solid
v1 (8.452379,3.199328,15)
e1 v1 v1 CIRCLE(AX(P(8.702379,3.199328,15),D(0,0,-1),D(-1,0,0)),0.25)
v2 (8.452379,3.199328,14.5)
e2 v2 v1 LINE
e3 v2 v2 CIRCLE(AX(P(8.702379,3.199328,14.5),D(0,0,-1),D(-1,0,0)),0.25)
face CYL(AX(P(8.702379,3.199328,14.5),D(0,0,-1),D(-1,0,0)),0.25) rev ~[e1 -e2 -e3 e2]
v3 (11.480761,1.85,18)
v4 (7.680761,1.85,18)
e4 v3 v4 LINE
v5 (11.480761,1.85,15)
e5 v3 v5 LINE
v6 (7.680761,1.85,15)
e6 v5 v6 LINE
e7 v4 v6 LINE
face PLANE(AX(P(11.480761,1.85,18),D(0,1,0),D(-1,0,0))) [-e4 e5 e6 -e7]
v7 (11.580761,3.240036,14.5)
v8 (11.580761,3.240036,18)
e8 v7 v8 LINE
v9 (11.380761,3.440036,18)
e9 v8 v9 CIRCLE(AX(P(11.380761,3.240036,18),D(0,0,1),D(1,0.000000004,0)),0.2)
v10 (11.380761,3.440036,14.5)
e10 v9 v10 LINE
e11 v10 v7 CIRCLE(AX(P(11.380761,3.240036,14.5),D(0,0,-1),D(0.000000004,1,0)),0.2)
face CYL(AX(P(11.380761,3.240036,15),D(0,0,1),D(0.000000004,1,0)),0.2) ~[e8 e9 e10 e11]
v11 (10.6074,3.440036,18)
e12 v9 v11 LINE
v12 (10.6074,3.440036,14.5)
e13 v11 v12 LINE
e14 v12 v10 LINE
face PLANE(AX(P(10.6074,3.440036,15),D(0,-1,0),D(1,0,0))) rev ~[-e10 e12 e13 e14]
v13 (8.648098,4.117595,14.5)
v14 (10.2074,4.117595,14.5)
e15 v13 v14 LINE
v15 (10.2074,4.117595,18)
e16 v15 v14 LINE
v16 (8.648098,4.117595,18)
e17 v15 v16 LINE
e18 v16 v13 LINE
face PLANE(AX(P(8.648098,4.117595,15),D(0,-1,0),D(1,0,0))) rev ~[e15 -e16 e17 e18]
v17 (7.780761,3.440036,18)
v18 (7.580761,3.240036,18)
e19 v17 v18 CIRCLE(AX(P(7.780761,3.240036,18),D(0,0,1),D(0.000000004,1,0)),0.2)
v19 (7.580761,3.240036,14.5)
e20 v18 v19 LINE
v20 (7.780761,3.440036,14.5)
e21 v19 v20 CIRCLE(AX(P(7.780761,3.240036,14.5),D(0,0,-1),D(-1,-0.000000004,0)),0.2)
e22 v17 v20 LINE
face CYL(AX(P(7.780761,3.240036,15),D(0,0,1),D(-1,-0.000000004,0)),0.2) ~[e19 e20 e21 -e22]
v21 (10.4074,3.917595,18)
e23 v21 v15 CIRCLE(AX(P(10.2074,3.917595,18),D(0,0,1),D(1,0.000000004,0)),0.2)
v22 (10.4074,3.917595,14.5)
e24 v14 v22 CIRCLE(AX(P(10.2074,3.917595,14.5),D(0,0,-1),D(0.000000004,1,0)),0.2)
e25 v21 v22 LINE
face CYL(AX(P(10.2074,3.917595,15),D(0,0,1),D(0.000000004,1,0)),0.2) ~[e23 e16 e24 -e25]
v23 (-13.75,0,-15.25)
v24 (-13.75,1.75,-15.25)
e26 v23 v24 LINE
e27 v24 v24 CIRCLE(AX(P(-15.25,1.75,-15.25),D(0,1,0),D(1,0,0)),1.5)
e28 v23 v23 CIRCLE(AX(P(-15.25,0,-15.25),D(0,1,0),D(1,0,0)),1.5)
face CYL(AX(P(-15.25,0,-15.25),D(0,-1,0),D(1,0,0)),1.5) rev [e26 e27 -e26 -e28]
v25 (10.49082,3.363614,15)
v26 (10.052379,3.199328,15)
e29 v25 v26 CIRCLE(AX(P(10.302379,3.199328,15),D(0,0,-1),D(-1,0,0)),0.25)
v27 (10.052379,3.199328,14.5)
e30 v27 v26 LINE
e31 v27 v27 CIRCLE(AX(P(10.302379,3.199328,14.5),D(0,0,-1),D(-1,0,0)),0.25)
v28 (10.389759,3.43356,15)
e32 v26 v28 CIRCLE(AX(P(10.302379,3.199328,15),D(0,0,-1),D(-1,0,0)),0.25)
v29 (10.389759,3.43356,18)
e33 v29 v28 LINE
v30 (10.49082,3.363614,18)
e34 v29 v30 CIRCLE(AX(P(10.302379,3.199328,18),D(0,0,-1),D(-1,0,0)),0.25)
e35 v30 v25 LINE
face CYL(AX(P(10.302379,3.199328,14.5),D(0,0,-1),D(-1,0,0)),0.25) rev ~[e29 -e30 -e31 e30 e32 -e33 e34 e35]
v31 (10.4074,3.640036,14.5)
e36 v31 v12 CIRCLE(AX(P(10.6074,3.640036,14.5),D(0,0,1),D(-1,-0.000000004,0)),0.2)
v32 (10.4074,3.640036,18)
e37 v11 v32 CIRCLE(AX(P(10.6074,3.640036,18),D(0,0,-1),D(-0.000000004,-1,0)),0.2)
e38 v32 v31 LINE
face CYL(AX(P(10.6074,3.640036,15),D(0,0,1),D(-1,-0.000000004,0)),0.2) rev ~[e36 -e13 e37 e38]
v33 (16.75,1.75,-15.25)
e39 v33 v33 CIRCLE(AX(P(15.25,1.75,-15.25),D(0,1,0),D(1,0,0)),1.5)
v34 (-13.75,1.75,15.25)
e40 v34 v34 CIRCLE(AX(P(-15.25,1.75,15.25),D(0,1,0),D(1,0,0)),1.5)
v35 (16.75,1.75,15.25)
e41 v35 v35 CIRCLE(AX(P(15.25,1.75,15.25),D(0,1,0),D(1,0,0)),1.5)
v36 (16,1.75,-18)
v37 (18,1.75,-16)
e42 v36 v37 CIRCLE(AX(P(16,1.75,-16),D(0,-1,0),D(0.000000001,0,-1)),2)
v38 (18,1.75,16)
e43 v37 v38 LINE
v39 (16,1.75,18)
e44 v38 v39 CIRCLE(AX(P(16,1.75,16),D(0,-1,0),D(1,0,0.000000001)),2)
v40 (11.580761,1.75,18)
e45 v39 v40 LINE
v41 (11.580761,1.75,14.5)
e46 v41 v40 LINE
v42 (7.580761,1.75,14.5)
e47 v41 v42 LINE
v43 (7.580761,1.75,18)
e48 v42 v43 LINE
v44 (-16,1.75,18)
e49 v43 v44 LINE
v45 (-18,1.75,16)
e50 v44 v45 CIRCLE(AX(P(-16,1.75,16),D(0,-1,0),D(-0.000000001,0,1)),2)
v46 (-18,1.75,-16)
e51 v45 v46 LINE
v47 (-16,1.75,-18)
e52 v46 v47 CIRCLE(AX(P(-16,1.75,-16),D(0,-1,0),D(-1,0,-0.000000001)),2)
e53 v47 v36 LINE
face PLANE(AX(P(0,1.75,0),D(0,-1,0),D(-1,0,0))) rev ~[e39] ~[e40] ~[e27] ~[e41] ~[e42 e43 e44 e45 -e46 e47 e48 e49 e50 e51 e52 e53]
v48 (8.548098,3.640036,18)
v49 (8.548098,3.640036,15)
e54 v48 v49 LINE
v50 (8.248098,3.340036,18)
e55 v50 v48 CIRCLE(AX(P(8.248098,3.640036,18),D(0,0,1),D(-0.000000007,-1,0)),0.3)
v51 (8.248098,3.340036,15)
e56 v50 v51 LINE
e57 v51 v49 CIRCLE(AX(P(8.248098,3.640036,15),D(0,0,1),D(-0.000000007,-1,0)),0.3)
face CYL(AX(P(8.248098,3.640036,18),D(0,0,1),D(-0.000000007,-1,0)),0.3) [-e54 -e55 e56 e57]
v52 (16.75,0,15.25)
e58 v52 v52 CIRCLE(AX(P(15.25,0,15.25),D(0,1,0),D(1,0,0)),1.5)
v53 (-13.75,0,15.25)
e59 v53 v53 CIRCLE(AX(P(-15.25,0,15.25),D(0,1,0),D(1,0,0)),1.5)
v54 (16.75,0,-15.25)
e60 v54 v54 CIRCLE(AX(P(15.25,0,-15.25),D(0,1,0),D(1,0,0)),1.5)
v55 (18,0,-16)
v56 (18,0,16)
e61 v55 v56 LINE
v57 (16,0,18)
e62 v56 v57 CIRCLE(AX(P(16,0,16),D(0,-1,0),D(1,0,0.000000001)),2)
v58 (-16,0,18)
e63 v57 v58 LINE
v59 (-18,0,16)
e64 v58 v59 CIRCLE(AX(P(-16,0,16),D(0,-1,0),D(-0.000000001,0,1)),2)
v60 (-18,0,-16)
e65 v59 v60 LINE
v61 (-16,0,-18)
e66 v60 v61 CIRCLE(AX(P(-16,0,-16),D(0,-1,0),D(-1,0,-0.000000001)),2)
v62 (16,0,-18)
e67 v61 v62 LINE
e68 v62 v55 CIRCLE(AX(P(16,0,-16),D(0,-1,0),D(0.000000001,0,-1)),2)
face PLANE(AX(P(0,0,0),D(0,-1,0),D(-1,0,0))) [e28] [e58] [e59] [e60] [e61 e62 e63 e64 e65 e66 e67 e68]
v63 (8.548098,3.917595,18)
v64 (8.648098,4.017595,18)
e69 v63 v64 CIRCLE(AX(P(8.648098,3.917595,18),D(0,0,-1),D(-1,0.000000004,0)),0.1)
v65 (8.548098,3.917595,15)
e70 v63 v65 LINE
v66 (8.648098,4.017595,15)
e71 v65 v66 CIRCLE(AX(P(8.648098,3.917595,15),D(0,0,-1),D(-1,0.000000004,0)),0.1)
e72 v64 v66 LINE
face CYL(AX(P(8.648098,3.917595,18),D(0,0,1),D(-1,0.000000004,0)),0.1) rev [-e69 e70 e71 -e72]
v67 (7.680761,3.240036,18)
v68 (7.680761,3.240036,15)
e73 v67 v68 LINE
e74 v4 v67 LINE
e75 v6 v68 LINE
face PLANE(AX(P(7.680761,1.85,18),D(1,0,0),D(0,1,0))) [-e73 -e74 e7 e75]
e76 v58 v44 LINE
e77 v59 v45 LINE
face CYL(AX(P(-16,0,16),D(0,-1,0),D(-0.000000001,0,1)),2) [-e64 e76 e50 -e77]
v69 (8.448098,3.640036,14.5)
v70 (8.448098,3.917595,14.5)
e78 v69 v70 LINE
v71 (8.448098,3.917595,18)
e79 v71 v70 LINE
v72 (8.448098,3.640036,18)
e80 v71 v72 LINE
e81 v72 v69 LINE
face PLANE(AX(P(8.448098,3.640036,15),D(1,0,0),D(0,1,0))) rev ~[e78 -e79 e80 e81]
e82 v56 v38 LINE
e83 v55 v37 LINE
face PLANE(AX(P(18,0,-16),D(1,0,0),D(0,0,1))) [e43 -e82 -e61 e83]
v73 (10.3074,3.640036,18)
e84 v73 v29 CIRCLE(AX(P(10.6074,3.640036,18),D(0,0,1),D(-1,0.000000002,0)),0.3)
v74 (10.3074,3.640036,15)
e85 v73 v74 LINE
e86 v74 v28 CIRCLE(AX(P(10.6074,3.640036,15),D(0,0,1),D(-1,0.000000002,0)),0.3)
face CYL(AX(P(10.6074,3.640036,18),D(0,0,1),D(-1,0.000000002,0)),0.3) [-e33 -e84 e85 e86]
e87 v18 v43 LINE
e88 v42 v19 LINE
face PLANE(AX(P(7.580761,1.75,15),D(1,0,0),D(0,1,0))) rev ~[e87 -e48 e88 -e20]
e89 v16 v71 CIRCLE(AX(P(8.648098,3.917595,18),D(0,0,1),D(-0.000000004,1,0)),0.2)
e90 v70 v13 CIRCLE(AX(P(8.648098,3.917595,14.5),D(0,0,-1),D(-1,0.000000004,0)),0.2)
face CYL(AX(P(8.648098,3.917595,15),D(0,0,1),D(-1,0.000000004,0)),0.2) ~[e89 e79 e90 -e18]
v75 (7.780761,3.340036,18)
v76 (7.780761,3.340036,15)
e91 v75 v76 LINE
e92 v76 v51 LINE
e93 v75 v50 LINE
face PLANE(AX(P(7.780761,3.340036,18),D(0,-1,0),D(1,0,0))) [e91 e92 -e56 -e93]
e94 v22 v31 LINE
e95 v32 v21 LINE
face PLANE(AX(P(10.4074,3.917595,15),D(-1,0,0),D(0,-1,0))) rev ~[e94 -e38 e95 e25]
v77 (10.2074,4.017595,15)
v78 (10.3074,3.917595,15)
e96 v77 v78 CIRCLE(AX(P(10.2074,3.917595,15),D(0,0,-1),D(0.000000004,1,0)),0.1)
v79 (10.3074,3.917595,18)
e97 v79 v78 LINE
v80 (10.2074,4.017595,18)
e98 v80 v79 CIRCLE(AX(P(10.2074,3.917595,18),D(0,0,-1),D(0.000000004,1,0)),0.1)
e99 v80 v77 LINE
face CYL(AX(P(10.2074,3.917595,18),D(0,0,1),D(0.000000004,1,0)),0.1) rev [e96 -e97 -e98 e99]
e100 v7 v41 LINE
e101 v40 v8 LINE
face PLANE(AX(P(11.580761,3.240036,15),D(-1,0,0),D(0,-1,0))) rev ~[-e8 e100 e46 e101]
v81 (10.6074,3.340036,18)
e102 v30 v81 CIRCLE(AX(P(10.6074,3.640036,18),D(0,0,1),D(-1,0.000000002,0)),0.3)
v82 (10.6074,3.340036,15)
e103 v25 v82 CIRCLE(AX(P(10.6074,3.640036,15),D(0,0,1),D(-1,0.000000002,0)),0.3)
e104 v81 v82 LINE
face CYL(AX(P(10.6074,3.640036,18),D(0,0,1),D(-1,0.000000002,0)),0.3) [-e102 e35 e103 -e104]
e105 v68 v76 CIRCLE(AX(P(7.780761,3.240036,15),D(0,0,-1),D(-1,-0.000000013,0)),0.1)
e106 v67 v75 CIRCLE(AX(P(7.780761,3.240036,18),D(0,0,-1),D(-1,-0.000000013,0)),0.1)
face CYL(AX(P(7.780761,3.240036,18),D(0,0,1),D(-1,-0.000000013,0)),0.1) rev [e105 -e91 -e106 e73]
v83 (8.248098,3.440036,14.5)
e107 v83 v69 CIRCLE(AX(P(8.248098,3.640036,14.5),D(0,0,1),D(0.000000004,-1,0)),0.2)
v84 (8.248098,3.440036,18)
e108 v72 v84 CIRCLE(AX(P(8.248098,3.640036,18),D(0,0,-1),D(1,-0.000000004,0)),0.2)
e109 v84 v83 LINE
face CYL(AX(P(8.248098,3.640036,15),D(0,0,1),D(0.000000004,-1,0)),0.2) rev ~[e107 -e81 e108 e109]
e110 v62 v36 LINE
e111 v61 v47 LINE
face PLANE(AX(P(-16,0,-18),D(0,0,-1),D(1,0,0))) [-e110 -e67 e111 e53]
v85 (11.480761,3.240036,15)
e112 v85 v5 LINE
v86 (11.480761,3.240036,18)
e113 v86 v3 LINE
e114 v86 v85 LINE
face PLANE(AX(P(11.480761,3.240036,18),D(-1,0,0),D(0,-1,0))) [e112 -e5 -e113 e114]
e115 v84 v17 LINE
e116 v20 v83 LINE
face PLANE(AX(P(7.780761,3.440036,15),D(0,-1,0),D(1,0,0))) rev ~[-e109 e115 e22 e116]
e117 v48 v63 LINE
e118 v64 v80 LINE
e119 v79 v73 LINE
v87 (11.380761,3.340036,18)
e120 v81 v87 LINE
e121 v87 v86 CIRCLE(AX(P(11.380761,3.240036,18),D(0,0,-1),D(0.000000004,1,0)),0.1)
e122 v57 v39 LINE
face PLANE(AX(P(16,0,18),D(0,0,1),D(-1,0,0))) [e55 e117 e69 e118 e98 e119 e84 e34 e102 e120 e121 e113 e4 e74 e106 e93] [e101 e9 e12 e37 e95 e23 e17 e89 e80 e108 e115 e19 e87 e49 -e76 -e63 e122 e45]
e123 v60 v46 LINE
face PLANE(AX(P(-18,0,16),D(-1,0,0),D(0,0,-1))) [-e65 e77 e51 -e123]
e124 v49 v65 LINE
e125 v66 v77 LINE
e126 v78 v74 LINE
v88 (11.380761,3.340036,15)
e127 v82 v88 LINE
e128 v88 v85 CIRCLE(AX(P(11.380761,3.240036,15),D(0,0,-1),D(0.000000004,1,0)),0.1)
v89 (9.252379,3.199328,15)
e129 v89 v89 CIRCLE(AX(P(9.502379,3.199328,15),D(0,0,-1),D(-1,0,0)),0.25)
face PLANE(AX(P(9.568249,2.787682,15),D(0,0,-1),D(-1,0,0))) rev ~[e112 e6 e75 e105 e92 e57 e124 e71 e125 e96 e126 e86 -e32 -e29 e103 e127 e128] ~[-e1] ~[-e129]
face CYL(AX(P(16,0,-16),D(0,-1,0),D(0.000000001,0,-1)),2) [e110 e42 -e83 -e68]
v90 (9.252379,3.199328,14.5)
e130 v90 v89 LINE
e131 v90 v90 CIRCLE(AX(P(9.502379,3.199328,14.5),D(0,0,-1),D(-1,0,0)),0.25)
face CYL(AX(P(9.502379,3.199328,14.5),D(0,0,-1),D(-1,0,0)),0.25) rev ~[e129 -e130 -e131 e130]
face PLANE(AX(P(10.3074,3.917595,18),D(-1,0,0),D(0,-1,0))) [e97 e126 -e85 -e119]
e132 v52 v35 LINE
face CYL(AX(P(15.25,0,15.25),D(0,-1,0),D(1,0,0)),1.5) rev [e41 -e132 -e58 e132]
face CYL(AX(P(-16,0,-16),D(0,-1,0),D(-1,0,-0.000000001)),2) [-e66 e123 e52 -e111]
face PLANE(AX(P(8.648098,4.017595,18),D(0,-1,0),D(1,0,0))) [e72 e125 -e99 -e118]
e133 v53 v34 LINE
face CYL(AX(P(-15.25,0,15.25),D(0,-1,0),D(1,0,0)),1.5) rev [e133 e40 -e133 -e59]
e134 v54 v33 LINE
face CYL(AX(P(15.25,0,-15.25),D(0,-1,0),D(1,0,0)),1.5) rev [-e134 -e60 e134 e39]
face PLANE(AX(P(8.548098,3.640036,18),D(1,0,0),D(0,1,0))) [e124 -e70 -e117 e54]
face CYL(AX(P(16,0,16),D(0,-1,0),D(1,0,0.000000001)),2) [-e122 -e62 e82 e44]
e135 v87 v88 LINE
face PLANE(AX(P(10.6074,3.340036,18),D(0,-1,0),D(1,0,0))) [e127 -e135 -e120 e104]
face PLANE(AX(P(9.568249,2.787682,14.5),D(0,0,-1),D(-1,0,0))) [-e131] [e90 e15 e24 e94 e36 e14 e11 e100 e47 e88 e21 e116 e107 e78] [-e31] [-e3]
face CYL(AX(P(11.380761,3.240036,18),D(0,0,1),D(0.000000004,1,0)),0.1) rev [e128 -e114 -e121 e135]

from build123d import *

# Parameters (mm, degrees)
SKETCH1_R           = 1.5
BOSS_EXTRUDE1_DEPTH = 1.75
BOSS_EXTRUDE4_DEPTH = 3
BOSS_EXTRUDE5_DEPTH = 0.5
CUT_EXTRUDE1_REACH  = 5.5
SKETCH7_R           = 0.25


with BuildPart() as part:
    # Sketch1 → Boss-Extrude1 (new body)
    with BuildSketch(Plane(origin=(0, 0, 0), x_dir=(1, 0, 0), z_dir=(0, 1, 0))):
        with BuildLine():
            Line((-16, 18), (16, 18))
            ThreePointArc((16, 18), (17.414213562, 17.414213562), (18, 16))
            Line((18, 16), (18, -16))
            ThreePointArc((18, -16), (17.414213562, -17.414213562), (16, -18))
            Line((16, -18), (-16, -18))
            ThreePointArc((-16, -18), (-17.414213562, -17.414213562), (-18, -16))
            Line((-18, -16), (-18, 16))
            ThreePointArc((-18, 16), (-17.414213562, 17.414213562), (-16, 18))
        make_face()
        with Locations((-15.25, 15.25)):
            Circle(SKETCH1_R, mode=Mode.SUBTRACT)
        with Locations((15.25, 15.25)):
            Circle(SKETCH1_R, mode=Mode.SUBTRACT)
        with Locations((15.25, -15.25)):
            Circle(SKETCH1_R, mode=Mode.SUBTRACT)
        with Locations((-15.25, -15.25)):
            Circle(SKETCH1_R, mode=Mode.SUBTRACT)
    extrude(amount=BOSS_EXTRUDE1_DEPTH)

    # Sketch2 → Boss-Extrude4 (add)
    with BuildSketch(Plane.XY.offset(18)):
        with BuildLine():
            Line((7.580760647, 1.75), (11.580760647, 1.75))
            Line((11.580760647, 1.75), (11.580760647, 3.240036049))
            ThreePointArc((11.580760647, 3.240036049), (11.522182003, 3.381457405), (11.380760647, 3.440036049))
            Line((11.380760647, 3.440036049), (10.607400333, 3.440036049))
            ThreePointArc((10.607400333, 3.440036049), (10.465978977, 3.498614693), (10.407400333, 3.640036049))
            Line((10.407400333, 3.640036049), (10.407400333, 3.917594602))
            ThreePointArc((10.407400333, 3.917594602), (10.348821689, 4.059015958), (10.207400333, 4.117594602))
            Line((10.207400333, 4.117594602), (8.648098096, 4.117594602))
            ThreePointArc((8.648098096, 4.117594602), (8.50667674, 4.059015958), (8.448098096, 3.917594602))
            Line((8.448098096, 3.917594602), (8.448098096, 3.640036049))
            ThreePointArc((8.448098096, 3.640036049), (8.389519452, 3.498614693), (8.248098096, 3.440036049))
            Line((8.248098096, 3.440036049), (7.780760647, 3.440036049))
            ThreePointArc((7.780760647, 3.440036049), (7.63933929, 3.381457405), (7.580760647, 3.240036049))
            Line((7.580760647, 3.240036049), (7.580760647, 1.75))
        make_face()
        with BuildLine():
            Line((8.648098096, 4.017594602), (10.207400333, 4.017594602))
            ThreePointArc((10.207400333, 4.017594602), (10.278111011, 3.98830528), (10.307400333, 3.917594602))
            Line((10.307400333, 3.917594602), (10.307400333, 3.640036049))
            ThreePointArc((10.307400333, 3.640036049), (10.395268299, 3.427904014), (10.607400333, 3.340036049))
            Line((10.607400333, 3.340036049), (11.380760647, 3.340036049))
            ThreePointArc((11.380760647, 3.340036049), (11.451471325, 3.310746727), (11.480760647, 3.240036049))
            Line((11.480760647, 3.240036049), (11.480760647, 1.85))
            Line((11.480760647, 1.85), (7.680760647, 1.85))
            Line((7.680760647, 1.85), (7.680760647, 3.240036049))
            ThreePointArc((7.680760647, 3.240036049), (7.710049968, 3.310746727), (7.780760647, 3.340036049))
            Line((7.780760647, 3.340036049), (8.248098096, 3.340036049))
            ThreePointArc((8.248098096, 3.340036049), (8.460230131, 3.427904014), (8.548098096, 3.640036049))
            Line((8.548098096, 3.640036049), (8.548098096, 3.917594602))
            ThreePointArc((8.548098096, 3.917594602), (8.577387418, 3.98830528), (8.648098096, 4.017594602))
        make_face(mode=Mode.SUBTRACT)
    extrude(amount=-BOSS_EXTRUDE4_DEPTH)

    # Sketch5 → Boss-Extrude5 (add)
    with BuildSketch(Plane(origin=(0, 0, 15), x_dir=(-1, 0, 0), z_dir=(0, 0, -1))):
        with BuildLine():
            Line((-7.580760647, 1.75), (-7.580760647, 3.240036049))
            ThreePointArc((-7.580760647, 3.240036049), (-7.63933929, 3.381457405), (-7.780760647, 3.440036049))
            Line((-7.780760647, 3.440036049), (-8.248098096, 3.440036049))
            ThreePointArc((-8.248098096, 3.440036049), (-8.389519452, 3.498614693), (-8.448098096, 3.640036049))
            Line((-8.448098096, 3.640036049), (-8.448098096, 3.917594602))
            ThreePointArc((-8.448098096, 3.917594602), (-8.50667674, 4.059015958), (-8.648098096, 4.117594602))
            Line((-8.648098096, 4.117594602), (-10.207400333, 4.117594602))
            ThreePointArc((-10.207400333, 4.117594602), (-10.348821689, 4.059015958), (-10.407400333, 3.917594602))
            Line((-10.407400333, 3.917594602), (-10.407400333, 3.640036049))
            ThreePointArc((-10.407400333, 3.640036049), (-10.465978977, 3.498614693), (-10.607400333, 3.440036049))
            Line((-10.607400333, 3.440036049), (-11.380760647, 3.440036049))
            ThreePointArc((-11.380760647, 3.440036049), (-11.522182003, 3.381457405), (-11.580760647, 3.240036049))
            Line((-11.580760647, 3.240036049), (-11.580760647, 1.75))
            Line((-11.580760647, 1.75), (-7.580760647, 1.75))
        make_face()
    extrude(amount=BOSS_EXTRUDE5_DEPTH)

    # Sketch7 → Cut-Extrude1 (cut, up to next)
    with BuildSketch(Plane(origin=(0, 0, 14.5), x_dir=(-1, 0, 0), z_dir=(0, 0, -1)), mode=Mode.PRIVATE) as cut_extrude1_sk1:
        with Locations((-10.302378592, 3.199328245)):
            Circle(SKETCH7_R)
    cut_extrude1_tool1 = extrude(cut_extrude1_sk1.sketch, amount=-CUT_EXTRUDE1_REACH, mode=Mode.PRIVATE) & part.part
    add(cut_extrude1_tool1.solids().sort_by_distance((10.302379, 3.199328, 14.5))[0], mode=Mode.SUBTRACT)
    # Sketch7 → Cut-Extrude1 (cut, up to next)
    with BuildSketch(Plane(origin=(0, 0, 14.5), x_dir=(-1, 0, 0), z_dir=(0, 0, -1)), mode=Mode.PRIVATE) as cut_extrude1_sk2:
        with Locations((-9.502378592, 3.199328245)):
            Circle(SKETCH7_R)
    cut_extrude1_tool2 = extrude(cut_extrude1_sk2.sketch, amount=-CUT_EXTRUDE1_REACH, mode=Mode.PRIVATE) & part.part
    add(cut_extrude1_tool2.solids().sort_by_distance((9.502379, 3.199328, 14.5))[0], mode=Mode.SUBTRACT)
    # Sketch7 → Cut-Extrude1 (cut, up to next)
    with BuildSketch(Plane(origin=(0, 0, 14.5), x_dir=(-1, 0, 0), z_dir=(0, 0, -1)), mode=Mode.PRIVATE) as cut_extrude1_sk3:
        with Locations((-8.702378592, 3.199328245)):
            Circle(SKETCH7_R)
    cut_extrude1_tool3 = extrude(cut_extrude1_sk3.sketch, amount=-CUT_EXTRUDE1_REACH, mode=Mode.PRIVATE) & part.part
    add(cut_extrude1_tool3.solids().sort_by_distance((8.702379, 3.199328, 14.5))[0], mode=Mode.SUBTRACT)


solid = part.part
